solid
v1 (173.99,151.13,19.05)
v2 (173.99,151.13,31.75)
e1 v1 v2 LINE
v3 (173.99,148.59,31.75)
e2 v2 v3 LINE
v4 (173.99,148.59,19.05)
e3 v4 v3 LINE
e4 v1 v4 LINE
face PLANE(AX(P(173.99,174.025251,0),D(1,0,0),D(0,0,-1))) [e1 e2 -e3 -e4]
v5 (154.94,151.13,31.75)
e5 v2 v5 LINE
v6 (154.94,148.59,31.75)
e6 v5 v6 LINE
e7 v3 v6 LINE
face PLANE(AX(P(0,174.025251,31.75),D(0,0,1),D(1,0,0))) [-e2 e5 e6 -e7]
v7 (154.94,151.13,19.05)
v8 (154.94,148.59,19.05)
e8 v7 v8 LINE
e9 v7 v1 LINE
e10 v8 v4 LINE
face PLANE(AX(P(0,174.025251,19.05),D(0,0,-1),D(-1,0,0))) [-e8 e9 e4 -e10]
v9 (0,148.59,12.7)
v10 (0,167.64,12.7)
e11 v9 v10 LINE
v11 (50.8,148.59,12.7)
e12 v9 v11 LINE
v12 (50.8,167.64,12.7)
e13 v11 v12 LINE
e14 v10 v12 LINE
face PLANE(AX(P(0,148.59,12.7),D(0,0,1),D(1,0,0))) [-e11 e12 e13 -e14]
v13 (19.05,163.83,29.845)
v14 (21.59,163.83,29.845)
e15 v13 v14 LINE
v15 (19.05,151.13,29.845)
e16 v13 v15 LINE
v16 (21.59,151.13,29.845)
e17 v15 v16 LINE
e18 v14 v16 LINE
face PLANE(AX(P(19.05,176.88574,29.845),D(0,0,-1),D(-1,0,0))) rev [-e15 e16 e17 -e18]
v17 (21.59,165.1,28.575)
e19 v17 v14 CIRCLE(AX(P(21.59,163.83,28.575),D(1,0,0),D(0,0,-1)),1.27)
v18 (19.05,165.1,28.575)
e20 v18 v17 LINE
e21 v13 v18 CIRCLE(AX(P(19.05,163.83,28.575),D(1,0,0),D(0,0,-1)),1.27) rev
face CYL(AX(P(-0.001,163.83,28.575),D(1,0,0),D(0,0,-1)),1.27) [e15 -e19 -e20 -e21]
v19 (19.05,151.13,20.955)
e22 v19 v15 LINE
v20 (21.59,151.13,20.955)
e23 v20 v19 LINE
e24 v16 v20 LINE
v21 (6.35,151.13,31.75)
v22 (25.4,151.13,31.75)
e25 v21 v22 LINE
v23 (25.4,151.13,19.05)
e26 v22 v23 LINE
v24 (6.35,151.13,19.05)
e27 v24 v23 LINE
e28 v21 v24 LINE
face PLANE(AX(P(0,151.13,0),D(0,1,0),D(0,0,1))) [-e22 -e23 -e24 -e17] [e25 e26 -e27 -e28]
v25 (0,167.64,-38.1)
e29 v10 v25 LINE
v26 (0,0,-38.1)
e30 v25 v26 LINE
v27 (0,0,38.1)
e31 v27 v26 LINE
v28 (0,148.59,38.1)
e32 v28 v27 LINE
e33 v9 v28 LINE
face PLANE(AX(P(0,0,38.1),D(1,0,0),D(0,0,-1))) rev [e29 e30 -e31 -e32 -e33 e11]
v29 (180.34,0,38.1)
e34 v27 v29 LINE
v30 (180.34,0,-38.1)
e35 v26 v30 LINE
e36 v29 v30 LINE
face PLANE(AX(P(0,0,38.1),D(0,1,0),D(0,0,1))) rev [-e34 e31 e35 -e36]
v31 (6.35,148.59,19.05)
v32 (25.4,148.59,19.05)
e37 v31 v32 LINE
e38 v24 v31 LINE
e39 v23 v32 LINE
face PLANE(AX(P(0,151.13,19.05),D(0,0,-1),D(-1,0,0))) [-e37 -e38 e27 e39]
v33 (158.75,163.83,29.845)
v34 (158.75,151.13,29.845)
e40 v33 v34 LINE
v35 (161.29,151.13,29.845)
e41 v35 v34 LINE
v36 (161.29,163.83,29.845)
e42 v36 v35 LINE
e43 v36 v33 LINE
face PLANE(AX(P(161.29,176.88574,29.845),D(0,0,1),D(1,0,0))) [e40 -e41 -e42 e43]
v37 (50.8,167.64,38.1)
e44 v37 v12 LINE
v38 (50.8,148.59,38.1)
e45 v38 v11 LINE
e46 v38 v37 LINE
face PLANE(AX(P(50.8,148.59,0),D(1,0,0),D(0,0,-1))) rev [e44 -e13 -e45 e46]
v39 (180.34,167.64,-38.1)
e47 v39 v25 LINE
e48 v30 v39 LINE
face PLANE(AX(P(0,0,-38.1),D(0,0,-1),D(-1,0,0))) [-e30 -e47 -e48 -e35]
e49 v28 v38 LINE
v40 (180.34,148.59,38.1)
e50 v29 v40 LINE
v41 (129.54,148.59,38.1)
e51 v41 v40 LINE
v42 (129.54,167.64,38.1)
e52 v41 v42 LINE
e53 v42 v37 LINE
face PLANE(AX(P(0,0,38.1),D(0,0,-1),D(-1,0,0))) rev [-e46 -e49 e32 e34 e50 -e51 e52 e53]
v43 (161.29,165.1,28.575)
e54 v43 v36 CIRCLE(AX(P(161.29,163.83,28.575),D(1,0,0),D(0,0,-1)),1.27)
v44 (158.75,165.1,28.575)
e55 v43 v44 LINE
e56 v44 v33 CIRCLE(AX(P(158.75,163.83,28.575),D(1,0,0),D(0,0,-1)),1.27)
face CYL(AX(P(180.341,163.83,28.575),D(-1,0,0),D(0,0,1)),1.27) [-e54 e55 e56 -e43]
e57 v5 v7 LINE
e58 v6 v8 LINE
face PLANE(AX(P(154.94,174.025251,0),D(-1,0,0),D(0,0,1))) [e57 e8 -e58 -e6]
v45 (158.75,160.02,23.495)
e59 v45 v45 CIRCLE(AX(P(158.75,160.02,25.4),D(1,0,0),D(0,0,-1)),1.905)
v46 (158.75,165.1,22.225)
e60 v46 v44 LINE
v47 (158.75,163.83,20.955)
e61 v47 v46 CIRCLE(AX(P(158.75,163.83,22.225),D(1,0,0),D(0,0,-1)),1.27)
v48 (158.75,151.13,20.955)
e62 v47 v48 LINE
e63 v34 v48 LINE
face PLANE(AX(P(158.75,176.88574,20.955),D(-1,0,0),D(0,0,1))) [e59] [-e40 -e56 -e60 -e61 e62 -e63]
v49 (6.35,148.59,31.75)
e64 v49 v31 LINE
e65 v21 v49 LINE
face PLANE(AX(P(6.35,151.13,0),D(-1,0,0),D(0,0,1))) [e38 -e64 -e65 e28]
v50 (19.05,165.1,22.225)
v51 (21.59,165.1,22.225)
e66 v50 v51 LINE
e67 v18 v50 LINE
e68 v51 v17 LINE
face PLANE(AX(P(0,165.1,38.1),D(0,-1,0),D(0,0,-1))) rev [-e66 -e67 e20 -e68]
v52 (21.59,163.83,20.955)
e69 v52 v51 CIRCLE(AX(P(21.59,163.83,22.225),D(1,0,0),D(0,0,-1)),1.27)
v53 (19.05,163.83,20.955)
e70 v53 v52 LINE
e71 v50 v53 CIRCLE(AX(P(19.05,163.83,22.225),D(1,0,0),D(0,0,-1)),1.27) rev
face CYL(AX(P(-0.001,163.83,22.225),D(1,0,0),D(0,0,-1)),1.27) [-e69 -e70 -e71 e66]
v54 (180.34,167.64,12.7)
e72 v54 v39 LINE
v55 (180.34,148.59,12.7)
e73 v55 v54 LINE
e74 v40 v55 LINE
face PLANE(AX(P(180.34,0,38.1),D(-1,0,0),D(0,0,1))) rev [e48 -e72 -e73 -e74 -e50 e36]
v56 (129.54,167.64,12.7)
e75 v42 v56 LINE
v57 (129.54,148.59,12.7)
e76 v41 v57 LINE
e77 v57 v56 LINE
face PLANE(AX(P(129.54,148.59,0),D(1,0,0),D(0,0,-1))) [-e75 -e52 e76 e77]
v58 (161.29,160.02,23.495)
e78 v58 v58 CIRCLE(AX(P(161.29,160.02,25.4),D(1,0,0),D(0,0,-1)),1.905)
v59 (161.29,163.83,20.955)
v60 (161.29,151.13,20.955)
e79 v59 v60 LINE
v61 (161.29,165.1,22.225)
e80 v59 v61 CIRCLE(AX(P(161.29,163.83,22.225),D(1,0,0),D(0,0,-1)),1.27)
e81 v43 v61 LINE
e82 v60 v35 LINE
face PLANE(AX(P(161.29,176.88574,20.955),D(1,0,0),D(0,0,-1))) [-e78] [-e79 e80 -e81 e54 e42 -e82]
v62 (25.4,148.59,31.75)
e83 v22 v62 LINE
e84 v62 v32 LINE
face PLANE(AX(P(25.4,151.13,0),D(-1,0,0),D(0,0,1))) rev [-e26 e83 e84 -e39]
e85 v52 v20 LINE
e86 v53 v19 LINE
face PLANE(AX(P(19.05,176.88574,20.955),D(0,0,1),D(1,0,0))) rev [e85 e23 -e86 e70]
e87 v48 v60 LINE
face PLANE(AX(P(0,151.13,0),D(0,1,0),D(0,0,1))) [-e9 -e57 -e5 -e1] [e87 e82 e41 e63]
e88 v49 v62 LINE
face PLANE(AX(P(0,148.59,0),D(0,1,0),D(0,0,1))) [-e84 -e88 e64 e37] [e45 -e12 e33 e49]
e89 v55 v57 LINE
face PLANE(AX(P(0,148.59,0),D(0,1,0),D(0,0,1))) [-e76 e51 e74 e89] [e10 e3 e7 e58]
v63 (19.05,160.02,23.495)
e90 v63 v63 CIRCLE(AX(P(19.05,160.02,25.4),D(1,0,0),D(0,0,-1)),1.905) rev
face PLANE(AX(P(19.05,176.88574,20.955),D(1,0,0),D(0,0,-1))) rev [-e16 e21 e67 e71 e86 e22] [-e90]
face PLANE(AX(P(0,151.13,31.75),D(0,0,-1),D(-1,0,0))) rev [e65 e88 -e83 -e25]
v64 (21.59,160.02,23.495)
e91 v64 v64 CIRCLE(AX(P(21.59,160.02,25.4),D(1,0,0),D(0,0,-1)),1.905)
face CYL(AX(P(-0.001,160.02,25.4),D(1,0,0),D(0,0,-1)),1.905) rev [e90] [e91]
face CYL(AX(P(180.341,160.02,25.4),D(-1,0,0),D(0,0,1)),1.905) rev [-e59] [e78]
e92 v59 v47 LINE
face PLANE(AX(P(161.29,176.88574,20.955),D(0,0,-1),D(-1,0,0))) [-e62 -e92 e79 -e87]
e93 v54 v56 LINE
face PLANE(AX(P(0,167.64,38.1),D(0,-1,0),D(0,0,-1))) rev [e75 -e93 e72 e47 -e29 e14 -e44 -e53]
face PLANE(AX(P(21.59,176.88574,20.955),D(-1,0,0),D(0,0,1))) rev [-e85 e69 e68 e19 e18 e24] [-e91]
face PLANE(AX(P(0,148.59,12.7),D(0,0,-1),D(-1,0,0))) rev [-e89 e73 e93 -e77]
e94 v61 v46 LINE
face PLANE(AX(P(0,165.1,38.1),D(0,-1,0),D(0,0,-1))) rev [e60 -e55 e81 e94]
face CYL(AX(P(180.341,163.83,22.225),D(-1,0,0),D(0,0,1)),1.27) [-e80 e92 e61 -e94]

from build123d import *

# Parameters (mm, degrees)
SKETCH1_W           = 180.34
SKETCH1_H           = 167.64
CASE_2_DEPTH        = 38.1
SKETCH2_W           = 50.8
SKETCH2_H           = 25.4
TOP_HOLE_DEPTH      = 19.05
SKETCH3_W           = 19.05
SKETCH3_H           = 12.7
BOSS_EXTRUDE2_DEPTH = 2.54
SKETCH4_W           = 2.54
SKETCH4_H           = 8.89
BOSS_EXTRUDE3_DEPTH = 13.97
SKETCH5_R           = 1.905
CUT_EXTRUDE2_DEPTH  = 2.54
SKETCH6_W           = 19.05
SKETCH6_H           = 12.7
BOSS_EXTRUDE4_DEPTH = 2.54


with BuildPart() as part:
    # Sketch1 → case 2 (new body, symmetric)
    with BuildSketch(Plane.XY):
        with Locations((90.17, 83.82)):
            Rectangle(SKETCH1_W, SKETCH1_H)
    extrude(amount=CASE_2_DEPTH, both=True)

    # Sketch2 → top hole (cut)
    with BuildSketch(Plane(origin=(0, 167.64, 0), x_dir=(1, 0, 0), z_dir=(0, 1, 0))):
        with Locations((25.4, -25.4)):
            Rectangle(SKETCH2_W, SKETCH2_H)
        with Locations((154.94, -25.4)):
            Rectangle(SKETCH2_W, SKETCH2_H)
    extrude(amount=-TOP_HOLE_DEPTH, mode=Mode.SUBTRACT)

    # Sketch3 → Boss-Extrude2 (add)
    with BuildSketch(Plane(origin=(0, 148.59, 0), x_dir=(1, 0, 0), z_dir=(0, 1, 0))):
        with Locations((15.875, -25.4)):
            Rectangle(SKETCH3_W, SKETCH3_H)
    extrude(amount=BOSS_EXTRUDE2_DEPTH)

    # Sketch4 → Boss-Extrude3 (add)
    with BuildSketch(Plane(origin=(0, 151.13, 0), x_dir=(1, 0, 0), z_dir=(0, 1, 0))):
        with Locations((20.32, -25.4)):
            Rectangle(SKETCH4_W, SKETCH4_H)
    boss_extrude3 = extrude(amount=BOSS_EXTRUDE3_DEPTH)

    # Sketch5 → Cut-Extrude2 (cut)
    with BuildSketch(Plane(origin=(21.59, 0, 0), x_dir=(0, 0, -1), z_dir=(1, 0, 0))):
        with BuildLine():
            ThreePointArc((-22.225, 165.1), (-21.326974388, 164.728025612), (-20.955, 163.83))
            Line((-20.955, 163.83), (-20.955, 165.1))
            Line((-20.955, 165.1), (-22.225, 165.1))
        make_face()
        with BuildLine():
            Line((-29.845, 165.1), (-29.845, 163.83))
            ThreePointArc((-29.845, 163.83), (-29.473025612, 164.728025612), (-28.575, 165.1))
            Line((-28.575, 165.1), (-29.845, 165.1))
        make_face()
        with Locations((-25.4, 160.02)):
            Circle(SKETCH5_R)
    cut_extrude2 = extrude(amount=-CUT_EXTRUDE2_DEPTH, mode=Mode.SUBTRACT)

    # Sketch6 → Boss-Extrude4 (add)
    with BuildSketch(Plane(origin=(0, 148.59, 0), x_dir=(1, 0, 0), z_dir=(0, 1, 0))):
        with Locations((164.465, -25.4)):
            Rectangle(SKETCH6_W, SKETCH6_H)
    extrude(amount=BOSS_EXTRUDE4_DEPTH)

    # Mirror1: Boss-Extrude3, Cut-Extrude2 across plane
    add(boss_extrude3.mirror(Plane(origin=(90.17, 0, 0), x_dir=(0, 0, 1), z_dir=(1, 0, 0))))
    add(cut_extrude2.mirror(Plane(origin=(90.17, 0, 0), x_dir=(0, 0, 1), z_dir=(1, 0, 0))), mode=Mode.SUBTRACT)


solid = part.part
